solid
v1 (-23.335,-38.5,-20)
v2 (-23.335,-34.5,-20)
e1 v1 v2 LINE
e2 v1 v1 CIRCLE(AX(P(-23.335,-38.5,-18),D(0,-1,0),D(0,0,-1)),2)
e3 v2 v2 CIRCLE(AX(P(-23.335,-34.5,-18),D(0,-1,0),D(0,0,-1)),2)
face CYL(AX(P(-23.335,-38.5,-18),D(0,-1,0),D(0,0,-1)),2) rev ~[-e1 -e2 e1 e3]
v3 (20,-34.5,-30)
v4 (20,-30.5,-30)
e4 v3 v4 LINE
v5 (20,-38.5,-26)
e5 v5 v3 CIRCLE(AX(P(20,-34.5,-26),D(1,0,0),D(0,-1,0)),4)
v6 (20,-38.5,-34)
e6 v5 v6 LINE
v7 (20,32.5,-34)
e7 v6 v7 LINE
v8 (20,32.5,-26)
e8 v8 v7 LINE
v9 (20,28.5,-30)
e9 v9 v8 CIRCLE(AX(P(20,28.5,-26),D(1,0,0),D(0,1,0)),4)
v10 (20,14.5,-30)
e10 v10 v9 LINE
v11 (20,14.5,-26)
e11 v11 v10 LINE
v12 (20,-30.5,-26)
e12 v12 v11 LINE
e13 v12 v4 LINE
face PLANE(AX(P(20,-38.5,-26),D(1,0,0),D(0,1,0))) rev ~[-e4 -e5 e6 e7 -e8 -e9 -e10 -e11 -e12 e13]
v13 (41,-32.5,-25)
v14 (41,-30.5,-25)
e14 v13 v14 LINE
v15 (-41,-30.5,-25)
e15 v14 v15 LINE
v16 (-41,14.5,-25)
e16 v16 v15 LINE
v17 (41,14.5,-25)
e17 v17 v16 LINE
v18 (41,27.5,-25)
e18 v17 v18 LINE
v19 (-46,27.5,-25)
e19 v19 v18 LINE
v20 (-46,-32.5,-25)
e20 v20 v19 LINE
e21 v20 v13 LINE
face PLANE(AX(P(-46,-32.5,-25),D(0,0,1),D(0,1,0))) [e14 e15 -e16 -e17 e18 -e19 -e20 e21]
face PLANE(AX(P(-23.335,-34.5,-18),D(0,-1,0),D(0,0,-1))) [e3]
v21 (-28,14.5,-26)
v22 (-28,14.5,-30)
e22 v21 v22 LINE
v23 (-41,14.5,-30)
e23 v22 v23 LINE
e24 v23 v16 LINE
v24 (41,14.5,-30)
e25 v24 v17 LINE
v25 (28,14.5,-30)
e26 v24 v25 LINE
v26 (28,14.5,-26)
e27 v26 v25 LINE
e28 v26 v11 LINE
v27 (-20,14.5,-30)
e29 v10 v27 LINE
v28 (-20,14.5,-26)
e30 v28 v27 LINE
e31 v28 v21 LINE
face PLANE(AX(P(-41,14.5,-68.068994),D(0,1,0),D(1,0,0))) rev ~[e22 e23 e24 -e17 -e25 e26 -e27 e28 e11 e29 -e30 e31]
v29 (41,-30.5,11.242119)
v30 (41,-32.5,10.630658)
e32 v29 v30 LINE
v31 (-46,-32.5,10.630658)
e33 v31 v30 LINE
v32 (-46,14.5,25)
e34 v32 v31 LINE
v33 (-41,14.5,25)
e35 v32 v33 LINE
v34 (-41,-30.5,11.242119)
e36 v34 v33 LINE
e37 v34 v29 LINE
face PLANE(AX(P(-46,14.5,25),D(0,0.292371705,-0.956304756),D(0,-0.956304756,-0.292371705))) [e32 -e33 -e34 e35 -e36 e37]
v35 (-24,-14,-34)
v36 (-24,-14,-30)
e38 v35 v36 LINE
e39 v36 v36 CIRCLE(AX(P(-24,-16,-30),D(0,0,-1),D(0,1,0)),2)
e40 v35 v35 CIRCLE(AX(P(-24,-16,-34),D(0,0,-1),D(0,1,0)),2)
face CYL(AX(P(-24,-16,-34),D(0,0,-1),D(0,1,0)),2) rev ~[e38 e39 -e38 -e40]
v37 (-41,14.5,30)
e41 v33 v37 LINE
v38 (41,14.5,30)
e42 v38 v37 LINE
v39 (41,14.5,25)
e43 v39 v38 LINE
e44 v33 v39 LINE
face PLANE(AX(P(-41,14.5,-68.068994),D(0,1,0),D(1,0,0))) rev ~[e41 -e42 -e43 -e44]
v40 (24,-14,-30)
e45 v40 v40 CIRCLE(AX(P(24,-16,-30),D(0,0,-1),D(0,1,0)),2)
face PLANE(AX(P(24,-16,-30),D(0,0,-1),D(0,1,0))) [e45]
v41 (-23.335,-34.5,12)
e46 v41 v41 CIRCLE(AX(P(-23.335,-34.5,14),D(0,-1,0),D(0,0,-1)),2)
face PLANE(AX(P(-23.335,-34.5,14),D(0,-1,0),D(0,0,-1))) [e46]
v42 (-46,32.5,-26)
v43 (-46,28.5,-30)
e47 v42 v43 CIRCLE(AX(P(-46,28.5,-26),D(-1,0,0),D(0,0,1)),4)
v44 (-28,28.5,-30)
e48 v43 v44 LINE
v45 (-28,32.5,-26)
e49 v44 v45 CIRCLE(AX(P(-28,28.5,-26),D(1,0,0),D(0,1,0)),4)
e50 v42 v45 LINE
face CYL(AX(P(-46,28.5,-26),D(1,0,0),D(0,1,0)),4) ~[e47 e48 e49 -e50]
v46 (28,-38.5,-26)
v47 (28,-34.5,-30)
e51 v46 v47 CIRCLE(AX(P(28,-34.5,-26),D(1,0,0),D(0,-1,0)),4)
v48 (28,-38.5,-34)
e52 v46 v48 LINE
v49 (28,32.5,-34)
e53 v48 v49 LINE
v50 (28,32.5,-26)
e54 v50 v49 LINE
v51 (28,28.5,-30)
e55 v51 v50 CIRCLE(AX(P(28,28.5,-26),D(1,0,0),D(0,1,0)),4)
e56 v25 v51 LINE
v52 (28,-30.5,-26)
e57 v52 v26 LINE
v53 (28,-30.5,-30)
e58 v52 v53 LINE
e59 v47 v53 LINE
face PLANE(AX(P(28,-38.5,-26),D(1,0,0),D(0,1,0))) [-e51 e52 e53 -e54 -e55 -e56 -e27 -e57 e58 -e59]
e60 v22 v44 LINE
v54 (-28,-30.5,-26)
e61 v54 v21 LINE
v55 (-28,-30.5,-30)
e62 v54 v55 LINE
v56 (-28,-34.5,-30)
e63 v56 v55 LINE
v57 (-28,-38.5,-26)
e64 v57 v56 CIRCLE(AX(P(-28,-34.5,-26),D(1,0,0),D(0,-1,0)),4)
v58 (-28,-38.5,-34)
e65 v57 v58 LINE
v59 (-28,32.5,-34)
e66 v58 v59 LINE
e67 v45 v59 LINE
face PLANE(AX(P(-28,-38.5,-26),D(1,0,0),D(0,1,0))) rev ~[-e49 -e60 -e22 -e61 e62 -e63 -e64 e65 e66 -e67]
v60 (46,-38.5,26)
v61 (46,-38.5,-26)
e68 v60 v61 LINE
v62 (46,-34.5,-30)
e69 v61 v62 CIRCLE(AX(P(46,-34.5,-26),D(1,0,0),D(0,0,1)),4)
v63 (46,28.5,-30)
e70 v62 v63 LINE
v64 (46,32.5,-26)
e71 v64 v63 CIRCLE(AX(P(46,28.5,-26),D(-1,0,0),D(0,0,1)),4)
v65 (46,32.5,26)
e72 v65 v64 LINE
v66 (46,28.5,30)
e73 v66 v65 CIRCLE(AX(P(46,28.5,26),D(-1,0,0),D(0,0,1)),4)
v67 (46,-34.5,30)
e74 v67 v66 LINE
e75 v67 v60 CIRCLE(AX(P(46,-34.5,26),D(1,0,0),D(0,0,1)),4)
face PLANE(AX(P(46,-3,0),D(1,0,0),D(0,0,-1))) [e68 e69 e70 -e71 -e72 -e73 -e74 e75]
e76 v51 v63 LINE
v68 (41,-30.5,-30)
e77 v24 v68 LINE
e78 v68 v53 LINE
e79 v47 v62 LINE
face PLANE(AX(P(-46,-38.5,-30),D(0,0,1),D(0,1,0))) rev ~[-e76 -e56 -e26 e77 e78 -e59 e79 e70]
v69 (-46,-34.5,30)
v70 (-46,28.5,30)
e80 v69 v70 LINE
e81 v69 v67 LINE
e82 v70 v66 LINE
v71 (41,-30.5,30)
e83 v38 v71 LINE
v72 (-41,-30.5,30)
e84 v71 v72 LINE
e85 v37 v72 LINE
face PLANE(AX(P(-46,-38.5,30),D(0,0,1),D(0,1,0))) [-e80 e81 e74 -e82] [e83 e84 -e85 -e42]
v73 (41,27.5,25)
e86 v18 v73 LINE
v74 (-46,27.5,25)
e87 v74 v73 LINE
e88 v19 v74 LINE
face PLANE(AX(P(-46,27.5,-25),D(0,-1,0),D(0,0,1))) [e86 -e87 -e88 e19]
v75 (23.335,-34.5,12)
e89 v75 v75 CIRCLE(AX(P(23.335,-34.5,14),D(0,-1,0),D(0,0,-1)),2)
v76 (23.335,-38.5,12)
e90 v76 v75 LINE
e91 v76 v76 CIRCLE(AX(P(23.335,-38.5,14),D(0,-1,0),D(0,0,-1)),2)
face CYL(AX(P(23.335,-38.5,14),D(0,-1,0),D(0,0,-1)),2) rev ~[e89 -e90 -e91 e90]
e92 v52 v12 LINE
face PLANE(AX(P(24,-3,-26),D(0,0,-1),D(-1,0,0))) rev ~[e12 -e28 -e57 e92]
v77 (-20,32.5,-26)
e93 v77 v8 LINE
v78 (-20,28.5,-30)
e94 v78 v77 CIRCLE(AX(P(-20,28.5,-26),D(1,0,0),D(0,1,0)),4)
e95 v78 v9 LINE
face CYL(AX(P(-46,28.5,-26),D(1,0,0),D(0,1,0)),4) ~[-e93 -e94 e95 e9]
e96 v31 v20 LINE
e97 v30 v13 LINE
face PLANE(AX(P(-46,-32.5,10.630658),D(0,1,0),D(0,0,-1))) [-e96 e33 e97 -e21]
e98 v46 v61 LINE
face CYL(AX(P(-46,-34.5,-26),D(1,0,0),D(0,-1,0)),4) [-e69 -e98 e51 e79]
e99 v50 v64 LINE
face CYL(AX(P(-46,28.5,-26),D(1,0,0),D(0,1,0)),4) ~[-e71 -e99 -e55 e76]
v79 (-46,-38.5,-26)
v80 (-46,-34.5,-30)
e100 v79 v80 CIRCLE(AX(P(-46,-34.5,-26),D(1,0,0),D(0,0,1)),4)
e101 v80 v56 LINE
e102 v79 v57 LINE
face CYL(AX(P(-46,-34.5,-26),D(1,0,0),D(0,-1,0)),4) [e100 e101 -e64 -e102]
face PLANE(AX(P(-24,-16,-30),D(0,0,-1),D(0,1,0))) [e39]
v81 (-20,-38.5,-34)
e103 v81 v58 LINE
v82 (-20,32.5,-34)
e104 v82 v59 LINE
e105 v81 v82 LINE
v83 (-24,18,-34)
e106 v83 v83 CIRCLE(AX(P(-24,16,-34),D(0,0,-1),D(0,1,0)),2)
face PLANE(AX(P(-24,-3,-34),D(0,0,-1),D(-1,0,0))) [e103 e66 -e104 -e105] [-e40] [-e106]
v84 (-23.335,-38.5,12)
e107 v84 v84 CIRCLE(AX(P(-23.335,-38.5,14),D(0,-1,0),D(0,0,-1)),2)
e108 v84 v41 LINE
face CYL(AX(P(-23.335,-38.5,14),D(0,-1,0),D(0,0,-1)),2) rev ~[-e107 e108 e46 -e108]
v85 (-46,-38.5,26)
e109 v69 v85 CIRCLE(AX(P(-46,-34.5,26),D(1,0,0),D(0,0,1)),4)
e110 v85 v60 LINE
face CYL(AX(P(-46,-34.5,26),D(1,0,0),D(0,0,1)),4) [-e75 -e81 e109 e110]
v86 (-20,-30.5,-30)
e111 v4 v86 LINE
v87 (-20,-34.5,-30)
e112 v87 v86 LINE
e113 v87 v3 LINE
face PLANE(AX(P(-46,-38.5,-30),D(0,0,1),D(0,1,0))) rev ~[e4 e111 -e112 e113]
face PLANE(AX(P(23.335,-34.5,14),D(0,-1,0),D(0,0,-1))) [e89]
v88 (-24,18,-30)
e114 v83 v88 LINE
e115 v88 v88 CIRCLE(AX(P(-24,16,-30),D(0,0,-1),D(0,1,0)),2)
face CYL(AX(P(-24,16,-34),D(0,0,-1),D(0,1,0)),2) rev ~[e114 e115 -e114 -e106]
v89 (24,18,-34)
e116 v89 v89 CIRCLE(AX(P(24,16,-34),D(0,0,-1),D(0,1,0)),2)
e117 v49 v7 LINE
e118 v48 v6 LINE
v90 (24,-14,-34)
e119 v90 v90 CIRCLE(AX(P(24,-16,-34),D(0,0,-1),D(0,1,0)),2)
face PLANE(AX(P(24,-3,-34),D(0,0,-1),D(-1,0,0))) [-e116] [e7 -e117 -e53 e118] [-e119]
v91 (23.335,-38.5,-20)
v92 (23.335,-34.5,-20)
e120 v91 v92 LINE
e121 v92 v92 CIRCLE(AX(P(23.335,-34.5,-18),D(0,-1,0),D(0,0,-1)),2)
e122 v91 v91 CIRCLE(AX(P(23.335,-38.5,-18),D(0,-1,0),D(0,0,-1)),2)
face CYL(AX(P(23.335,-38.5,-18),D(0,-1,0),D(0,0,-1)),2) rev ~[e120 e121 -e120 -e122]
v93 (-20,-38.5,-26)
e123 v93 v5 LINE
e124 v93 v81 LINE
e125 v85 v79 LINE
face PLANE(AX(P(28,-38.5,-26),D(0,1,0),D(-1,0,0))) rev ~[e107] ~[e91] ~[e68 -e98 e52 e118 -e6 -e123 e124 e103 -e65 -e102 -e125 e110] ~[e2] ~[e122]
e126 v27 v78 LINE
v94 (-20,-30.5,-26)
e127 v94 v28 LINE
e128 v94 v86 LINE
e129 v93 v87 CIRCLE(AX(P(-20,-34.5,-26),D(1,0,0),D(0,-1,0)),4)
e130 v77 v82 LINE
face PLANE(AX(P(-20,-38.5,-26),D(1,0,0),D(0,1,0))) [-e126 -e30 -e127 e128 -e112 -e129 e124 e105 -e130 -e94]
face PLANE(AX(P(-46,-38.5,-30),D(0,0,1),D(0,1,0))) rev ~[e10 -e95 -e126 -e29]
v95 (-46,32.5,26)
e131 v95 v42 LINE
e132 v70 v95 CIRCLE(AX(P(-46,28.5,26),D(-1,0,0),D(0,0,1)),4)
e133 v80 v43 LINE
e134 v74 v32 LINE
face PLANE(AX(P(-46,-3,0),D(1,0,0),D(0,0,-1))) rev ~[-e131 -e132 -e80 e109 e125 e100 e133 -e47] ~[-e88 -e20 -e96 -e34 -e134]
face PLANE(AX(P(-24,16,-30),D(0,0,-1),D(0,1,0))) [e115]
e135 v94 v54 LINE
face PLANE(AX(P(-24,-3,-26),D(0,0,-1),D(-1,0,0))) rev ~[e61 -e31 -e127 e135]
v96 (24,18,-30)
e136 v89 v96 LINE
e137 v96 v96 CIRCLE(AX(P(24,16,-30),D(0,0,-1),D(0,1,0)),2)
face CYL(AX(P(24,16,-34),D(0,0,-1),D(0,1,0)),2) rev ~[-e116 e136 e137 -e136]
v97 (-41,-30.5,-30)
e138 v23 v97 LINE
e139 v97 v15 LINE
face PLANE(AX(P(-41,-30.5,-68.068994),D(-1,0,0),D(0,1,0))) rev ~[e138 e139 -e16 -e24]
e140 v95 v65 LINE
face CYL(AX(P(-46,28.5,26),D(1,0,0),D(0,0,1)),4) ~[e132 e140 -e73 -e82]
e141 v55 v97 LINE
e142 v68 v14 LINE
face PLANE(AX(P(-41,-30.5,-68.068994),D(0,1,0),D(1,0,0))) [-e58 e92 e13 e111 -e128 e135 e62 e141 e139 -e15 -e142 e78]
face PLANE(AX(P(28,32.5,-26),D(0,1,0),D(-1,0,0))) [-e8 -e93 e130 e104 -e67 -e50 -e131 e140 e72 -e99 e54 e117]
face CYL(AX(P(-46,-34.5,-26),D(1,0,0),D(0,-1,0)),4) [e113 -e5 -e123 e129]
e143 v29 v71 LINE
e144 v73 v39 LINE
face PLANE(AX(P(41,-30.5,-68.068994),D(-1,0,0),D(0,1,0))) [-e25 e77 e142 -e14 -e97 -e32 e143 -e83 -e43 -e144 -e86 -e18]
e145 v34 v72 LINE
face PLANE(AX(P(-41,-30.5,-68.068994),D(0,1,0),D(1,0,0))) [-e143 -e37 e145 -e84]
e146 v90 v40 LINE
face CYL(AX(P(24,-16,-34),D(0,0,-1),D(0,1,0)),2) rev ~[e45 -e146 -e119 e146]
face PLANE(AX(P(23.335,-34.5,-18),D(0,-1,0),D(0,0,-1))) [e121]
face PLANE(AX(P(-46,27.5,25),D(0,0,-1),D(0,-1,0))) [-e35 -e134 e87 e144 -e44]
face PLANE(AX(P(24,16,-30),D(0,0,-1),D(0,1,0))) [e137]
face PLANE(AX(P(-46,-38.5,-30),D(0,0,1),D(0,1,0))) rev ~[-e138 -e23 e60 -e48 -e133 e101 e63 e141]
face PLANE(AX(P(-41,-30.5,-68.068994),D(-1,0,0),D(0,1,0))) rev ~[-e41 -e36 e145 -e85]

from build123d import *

# Parameters (mm, degrees)
BASE_DEPTH               = 46
BASE_DEPTH_BACK          = 46
SKETCH4_W                = 60
SKETCH4_H                = 71
LIDAR_DEPTH              = 41
LIDAR_DEPTH_BACK         = 46
HOLEFRONTBACK_DEPTH      = 68.068994327
HOLEFRONTBACK_DEPTH_BACK = 68.068994327
SKETCH6_W                = 82
SKETCH6_H                = 45
FILLET2_R                = 4
SKETCH10_R               = 2
CUT_EXTRUDE1_DEPTH       = 4
BOSS_EXTRUDE1_DEPTH      = 4
BOSS_EXTRUDE1_DEPTH_BACK = 4
SKETCH11_W               = 8
SKETCH11_H               = 71
SKETCH12_R               = 2
CUT_EXTRUDE2_DEPTH       = 4


with BuildPart() as part:
    # Sketch4 → Base (new, two sides: drawn at the far end of the back side and taken through both)
    with BuildSketch(Plane(origin=(0, 0, 0), x_dir=(0, 0, -1), z_dir=(1, 0, 0)).offset(-BASE_DEPTH_BACK)):
        with Locations((0, -3)):
            Rectangle(SKETCH4_W, SKETCH4_H)
    extrude(amount=BASE_DEPTH + BASE_DEPTH_BACK)

    # Sketch5 → LIDAR (cut, two sides: drawn at the far end of the back side and taken through both)
    with BuildSketch(Plane(origin=(0, 0, 0), x_dir=(0, 0, -1), z_dir=(1, 0, 0)).offset(-LIDAR_DEPTH_BACK)):
        Polygon((-25, 27.5), (-25, 14.5), (-10.630657971, -32.5), (25, -32.5), (25, 27.5), align=None)
    extrude(amount=LIDAR_DEPTH + LIDAR_DEPTH_BACK, mode=Mode.SUBTRACT)

    # Sketch6 → HoleFrontBack (cut, two sides: drawn at the far end of the back side and taken through both)
    with BuildSketch(Plane.XY.offset(-HOLEFRONTBACK_DEPTH_BACK)):
        with Locations((0, -8)):
            Rectangle(SKETCH6_W, SKETCH6_H)
    extrude(amount=HOLEFRONTBACK_DEPTH + HOLEFRONTBACK_DEPTH_BACK, mode=Mode.SUBTRACT)

    # Fillet2
    fillet2_edges = [part.edges().sort_by_distance(p)[0] for p in [
        (0, 32.5, 30),
        (0, 32.5, -30),
        (0, -38.5, -30),
        (0, -38.5, 30),
    ]]
    fillet(fillet2_edges, radius=FILLET2_R)

    # Sketch10 → Cut-Extrude1 (cut)
    with BuildSketch(Plane.XZ.offset(38.5)):
        with Locations(Location((-23.335, 14, 0), (0, 0, 270))):
            Circle(SKETCH10_R)
        with Locations(Location((23.335, 14, 0), (0, 0, 270))):
            Circle(SKETCH10_R)
        with Locations(Location((-23.335, -18, 0), (0, 0, 270))):
            Circle(SKETCH10_R)
        with Locations(Location((23.335, -18, 0), (0, 0, 270))):
            Circle(SKETCH10_R)
    extrude(amount=-CUT_EXTRUDE1_DEPTH, mode=Mode.SUBTRACT)

    # Sketch11 → Boss-Extrude1 (add, two sides: drawn at the far end of the back side and taken through both)
    with BuildSketch(Plane(origin=(0, 0, -30), x_dir=(-1, 0, 0), z_dir=(0, 0, -1)).offset(-BOSS_EXTRUDE1_DEPTH_BACK)):
        with Locations((-24, -3)):
            Rectangle(SKETCH11_W, SKETCH11_H)
        with Locations((24, -3)):
            Rectangle(SKETCH11_W, SKETCH11_H)
    extrude(amount=BOSS_EXTRUDE1_DEPTH + BOSS_EXTRUDE1_DEPTH_BACK)

    # Sketch12 → Cut-Extrude2 (cut)
    with BuildSketch(Plane(origin=(0, 0, -34), x_dir=(-1, 0, 0), z_dir=(0, 0, -1))):
        with Locations(Location((-24, 16, 0), (0, 0, 90))):
            Circle(SKETCH12_R)
        with Locations(Location((24, 16, 0), (0, 0, 90))):
            Circle(SKETCH12_R)
        with Locations(Location((-24, -16, 0), (0, 0, 90))):
            Circle(SKETCH12_R)
        with Locations(Location((24, -16, 0), (0, 0, 90))):
            Circle(SKETCH12_R)
    extrude(amount=-CUT_EXTRUDE2_DEPTH, mode=Mode.SUBTRACT)


solid = part.part
